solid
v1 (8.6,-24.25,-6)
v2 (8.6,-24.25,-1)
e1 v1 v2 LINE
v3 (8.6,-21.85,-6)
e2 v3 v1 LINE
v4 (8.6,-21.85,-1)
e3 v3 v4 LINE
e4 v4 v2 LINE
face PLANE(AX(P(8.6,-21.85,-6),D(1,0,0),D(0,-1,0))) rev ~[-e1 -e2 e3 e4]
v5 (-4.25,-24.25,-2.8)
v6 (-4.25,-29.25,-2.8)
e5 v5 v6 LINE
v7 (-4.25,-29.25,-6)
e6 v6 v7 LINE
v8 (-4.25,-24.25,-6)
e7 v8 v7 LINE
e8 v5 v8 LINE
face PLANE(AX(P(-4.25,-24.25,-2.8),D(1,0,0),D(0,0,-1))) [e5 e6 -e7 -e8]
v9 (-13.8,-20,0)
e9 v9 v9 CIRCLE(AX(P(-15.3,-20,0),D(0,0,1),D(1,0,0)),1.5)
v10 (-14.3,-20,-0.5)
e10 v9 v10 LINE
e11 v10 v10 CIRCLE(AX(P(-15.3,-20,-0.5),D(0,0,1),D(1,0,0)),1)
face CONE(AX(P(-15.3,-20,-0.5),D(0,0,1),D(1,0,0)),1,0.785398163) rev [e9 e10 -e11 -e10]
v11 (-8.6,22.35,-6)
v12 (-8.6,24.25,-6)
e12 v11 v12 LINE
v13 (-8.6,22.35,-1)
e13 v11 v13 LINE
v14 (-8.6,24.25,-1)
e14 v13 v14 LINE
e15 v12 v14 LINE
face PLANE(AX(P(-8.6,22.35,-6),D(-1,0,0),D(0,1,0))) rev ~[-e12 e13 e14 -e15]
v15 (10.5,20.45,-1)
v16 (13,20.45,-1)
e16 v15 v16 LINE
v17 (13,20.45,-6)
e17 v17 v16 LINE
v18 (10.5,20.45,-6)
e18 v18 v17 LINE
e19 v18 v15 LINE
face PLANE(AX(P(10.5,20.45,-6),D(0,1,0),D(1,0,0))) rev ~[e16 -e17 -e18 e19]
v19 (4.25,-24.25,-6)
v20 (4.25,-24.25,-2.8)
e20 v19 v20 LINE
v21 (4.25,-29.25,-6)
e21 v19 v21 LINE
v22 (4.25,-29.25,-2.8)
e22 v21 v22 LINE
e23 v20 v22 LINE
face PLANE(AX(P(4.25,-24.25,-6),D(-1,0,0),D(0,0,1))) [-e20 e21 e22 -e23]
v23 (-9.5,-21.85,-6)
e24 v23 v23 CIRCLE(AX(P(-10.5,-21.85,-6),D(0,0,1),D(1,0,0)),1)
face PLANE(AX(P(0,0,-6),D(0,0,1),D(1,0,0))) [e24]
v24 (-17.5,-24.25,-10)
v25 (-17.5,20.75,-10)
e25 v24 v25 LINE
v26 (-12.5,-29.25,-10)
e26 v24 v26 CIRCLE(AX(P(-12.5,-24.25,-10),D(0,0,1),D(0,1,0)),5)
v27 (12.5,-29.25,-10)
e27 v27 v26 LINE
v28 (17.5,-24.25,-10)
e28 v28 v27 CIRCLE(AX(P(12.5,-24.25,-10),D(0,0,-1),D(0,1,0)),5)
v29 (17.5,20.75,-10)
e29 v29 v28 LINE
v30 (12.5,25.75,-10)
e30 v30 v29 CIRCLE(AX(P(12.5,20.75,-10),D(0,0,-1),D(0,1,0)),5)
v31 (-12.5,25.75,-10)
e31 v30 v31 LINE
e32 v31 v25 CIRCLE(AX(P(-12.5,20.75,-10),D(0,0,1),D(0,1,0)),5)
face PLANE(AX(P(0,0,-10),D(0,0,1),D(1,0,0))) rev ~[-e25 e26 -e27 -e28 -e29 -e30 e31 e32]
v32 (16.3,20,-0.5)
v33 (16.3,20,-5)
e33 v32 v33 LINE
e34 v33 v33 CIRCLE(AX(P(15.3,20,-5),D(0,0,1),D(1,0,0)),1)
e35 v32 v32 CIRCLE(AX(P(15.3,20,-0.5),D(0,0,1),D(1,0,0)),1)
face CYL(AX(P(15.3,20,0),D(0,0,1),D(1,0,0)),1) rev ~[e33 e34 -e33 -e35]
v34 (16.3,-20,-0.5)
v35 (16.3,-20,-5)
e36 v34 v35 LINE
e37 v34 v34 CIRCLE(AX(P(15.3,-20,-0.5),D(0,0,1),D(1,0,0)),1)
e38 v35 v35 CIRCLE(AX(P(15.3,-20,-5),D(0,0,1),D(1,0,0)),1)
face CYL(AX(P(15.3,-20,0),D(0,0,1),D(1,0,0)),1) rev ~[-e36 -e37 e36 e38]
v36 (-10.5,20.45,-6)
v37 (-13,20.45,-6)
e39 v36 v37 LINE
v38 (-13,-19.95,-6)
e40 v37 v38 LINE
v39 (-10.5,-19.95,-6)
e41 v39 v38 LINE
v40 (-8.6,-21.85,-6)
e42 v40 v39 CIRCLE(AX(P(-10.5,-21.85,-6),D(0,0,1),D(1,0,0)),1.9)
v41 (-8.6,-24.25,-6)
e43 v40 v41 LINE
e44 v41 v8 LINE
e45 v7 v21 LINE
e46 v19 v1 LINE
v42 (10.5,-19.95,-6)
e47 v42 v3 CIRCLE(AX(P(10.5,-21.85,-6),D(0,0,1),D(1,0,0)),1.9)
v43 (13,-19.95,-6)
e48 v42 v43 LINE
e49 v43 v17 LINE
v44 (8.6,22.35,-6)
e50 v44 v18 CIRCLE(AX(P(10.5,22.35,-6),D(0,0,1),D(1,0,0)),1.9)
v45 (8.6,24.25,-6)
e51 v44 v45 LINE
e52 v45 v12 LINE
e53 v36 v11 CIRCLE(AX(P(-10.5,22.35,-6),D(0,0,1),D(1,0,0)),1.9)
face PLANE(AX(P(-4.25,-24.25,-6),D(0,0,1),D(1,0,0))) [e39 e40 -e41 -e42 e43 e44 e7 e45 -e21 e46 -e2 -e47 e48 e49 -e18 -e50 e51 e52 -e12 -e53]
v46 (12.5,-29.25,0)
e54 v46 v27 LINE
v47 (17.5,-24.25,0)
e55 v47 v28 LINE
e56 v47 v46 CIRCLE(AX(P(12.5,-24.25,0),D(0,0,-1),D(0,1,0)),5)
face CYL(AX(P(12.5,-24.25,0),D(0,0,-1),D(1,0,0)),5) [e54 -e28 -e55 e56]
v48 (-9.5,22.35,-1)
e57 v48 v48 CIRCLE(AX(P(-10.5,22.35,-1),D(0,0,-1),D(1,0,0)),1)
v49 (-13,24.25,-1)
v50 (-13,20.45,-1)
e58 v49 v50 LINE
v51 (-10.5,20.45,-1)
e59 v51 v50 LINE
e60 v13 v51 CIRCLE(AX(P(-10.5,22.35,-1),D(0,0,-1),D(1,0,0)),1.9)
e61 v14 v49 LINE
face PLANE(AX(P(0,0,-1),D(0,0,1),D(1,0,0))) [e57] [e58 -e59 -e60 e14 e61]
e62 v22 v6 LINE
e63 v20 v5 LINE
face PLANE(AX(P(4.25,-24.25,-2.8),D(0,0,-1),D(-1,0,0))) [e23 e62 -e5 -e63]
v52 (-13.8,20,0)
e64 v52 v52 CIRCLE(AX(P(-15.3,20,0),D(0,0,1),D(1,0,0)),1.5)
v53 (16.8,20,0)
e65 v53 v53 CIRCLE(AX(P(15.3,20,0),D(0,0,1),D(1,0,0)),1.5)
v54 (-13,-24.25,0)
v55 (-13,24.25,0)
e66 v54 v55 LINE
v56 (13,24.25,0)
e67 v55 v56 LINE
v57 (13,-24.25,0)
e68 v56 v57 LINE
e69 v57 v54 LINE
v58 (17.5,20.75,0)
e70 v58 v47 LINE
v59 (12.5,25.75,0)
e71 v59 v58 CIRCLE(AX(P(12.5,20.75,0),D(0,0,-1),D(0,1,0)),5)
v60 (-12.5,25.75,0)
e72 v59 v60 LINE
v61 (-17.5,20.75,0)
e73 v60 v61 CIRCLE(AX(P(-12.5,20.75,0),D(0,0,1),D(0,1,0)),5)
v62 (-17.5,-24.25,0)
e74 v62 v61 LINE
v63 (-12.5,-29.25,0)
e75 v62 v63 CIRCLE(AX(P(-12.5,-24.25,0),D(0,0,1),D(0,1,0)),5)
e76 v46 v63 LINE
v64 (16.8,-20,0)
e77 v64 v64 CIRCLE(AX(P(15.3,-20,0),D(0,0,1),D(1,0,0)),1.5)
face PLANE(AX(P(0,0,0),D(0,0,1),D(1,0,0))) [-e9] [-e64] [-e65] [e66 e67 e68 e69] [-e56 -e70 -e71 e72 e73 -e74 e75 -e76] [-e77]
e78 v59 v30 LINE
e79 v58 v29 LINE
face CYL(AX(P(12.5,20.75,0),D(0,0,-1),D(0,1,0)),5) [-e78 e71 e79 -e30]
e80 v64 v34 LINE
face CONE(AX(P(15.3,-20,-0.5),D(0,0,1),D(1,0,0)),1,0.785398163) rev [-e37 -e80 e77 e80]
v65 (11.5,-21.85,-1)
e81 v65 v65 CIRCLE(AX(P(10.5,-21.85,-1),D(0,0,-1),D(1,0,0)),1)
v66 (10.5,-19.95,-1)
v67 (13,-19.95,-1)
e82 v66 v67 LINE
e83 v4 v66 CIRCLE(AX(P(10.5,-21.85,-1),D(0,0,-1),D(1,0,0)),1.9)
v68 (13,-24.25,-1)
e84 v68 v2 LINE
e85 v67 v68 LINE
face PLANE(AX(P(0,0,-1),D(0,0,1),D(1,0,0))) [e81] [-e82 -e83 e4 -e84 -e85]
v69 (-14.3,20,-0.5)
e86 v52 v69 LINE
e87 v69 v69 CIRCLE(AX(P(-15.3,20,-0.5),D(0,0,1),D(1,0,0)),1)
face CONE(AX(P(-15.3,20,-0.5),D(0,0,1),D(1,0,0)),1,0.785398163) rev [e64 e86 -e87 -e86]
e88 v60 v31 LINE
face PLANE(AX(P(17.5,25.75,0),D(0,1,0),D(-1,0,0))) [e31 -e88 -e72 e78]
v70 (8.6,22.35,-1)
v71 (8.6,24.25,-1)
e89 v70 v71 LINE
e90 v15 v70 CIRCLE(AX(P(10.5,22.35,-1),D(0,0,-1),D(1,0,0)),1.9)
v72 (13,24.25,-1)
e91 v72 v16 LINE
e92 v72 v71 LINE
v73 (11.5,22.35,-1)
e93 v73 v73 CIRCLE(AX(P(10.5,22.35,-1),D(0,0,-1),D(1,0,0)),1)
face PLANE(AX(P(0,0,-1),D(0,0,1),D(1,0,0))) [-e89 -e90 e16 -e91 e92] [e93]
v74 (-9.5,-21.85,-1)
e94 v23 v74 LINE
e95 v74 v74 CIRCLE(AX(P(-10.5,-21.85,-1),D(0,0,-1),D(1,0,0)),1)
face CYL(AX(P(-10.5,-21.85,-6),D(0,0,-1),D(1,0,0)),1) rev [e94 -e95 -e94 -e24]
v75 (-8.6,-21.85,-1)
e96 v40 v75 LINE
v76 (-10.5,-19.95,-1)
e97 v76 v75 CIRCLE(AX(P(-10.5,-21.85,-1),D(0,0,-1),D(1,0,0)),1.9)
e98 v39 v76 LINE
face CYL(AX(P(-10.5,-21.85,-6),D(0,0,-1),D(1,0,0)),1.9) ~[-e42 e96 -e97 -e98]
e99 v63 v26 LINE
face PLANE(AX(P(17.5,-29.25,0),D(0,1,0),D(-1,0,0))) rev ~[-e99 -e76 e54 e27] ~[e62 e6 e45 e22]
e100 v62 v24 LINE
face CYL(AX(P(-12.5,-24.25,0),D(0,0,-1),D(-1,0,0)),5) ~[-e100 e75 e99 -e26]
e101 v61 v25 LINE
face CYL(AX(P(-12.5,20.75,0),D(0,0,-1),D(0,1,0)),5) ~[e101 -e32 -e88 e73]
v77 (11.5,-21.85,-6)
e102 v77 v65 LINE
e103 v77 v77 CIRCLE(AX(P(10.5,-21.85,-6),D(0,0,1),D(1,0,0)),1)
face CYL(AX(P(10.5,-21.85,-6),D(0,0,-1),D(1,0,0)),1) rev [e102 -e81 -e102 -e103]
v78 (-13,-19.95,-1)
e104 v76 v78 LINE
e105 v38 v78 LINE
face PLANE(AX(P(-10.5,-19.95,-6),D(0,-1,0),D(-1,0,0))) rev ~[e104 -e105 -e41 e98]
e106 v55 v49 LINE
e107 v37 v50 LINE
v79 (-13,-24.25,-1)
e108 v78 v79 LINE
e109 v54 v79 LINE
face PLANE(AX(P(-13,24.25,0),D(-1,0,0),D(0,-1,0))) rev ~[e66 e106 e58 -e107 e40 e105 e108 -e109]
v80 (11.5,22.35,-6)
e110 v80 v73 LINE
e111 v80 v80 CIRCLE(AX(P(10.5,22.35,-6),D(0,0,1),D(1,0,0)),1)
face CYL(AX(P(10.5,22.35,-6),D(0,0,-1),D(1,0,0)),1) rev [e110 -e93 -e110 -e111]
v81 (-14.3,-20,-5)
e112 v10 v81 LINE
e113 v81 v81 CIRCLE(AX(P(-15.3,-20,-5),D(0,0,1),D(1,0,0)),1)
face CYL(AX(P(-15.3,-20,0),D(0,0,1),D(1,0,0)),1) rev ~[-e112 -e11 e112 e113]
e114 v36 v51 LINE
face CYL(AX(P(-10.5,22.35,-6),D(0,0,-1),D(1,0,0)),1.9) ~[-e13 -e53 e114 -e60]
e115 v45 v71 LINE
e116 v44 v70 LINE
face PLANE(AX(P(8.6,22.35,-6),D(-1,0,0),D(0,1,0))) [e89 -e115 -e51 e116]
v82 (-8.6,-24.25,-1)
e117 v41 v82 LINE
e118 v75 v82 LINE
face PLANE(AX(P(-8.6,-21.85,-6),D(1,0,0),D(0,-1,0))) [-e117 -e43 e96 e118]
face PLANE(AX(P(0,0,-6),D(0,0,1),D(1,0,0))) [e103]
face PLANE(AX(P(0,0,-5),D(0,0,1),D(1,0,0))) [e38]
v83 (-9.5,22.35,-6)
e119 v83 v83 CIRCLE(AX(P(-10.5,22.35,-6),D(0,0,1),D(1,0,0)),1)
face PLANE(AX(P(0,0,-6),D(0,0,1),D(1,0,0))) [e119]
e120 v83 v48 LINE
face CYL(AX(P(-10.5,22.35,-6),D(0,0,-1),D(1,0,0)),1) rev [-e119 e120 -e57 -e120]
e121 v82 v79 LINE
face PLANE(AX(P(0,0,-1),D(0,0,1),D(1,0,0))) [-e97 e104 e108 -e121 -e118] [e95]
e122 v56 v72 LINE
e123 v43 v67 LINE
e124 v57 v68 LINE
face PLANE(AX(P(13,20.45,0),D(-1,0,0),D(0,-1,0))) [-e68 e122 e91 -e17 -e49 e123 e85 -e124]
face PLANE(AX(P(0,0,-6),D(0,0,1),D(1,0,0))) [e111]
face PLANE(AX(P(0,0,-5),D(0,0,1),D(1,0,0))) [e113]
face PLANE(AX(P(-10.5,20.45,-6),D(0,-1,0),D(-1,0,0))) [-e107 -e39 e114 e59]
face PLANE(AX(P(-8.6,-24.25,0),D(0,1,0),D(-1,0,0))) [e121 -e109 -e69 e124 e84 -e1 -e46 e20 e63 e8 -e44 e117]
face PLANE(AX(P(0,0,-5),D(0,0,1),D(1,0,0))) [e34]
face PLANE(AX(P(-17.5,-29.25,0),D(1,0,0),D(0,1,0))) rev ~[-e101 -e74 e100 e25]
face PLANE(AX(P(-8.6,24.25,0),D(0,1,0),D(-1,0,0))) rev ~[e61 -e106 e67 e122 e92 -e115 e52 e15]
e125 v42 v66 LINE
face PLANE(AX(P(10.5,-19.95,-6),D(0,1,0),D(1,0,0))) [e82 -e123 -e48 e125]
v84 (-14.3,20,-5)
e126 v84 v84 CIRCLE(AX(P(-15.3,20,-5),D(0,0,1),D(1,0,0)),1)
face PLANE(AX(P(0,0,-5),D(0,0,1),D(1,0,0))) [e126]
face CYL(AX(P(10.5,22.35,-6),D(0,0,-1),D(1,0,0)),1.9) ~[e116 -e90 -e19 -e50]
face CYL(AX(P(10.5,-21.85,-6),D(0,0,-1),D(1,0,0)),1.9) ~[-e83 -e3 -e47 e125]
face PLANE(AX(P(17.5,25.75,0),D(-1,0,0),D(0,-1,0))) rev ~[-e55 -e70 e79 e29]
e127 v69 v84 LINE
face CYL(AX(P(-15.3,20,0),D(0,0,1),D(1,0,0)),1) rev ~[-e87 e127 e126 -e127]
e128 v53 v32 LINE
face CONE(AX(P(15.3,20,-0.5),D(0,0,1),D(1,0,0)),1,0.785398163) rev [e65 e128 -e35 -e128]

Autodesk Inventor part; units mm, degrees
ref_plane "YZ Plane" through (0, 0, 0) normal (1, 0, 0) x (0, 1, 0)
ref_plane "XZ Plane" through (0, 0, 0) normal (0, 1, 0) x (-1, 0, 0)
ref_plane "XY Plane" through (0, 0, 0) normal (0, 0, 1) x (1, 0, 0)
sketch "스케치1" plane through (0, 0, 0) normal (0, 0, 1) x (1, 0, 0)
  line L0 (-17.5, 29.25) -> (17.5, 29.25)
  line L1 (17.5, 29.25) -> (17.5, -29.25)
  line L2 (17.5, -29.25) -> (-17.5, -29.25)
  line L3 (-17.5, -29.25) -> (-17.5, 29.25)
  line L4 (-17.5, 29.25) -> (17.5, -29.25) construction
  line L5 (17.5, 29.25) -> (-17.5, -29.25) construction
  line L6 (-13, -24.25) -> (13, -24.25)
  line L7 (13, -24.25) -> (13, 24.25)
  line L8 (13, 24.25) -> (-13, 24.25)
  line L9 (-13, 24.25) -> (-13, -24.25)
  line L10 (-13, -24.25) -> (13, 24.25) construction
  line L11 (13, -24.25) -> (-13, 24.25) construction
  line L12 (-9.5, 24.25) -> (9.5, 24.25)
  line L13 (9.5, 24.25) -> (9.5, -24.25)
  line L14 (9.5, -24.25) -> (-9.5, -24.25)
  line L15 (-9.5, -24.25) -> (-9.5, 24.25)
  line L16 (-9.5, 24.25) -> (9.5, -24.25) construction
  line L17 (9.5, 24.25) -> (-9.5, -24.25) construction
  line L18 (17.5, 25.75) -> (-17.5, 25.75)
  point P0 (0, 0)
  dimension "d0" = 58.5
  dimension "d1" = 35
  dimension "d2" = 26
  dimension "d3" = 48.5
  dimension "d4" = 3.5
  dimension "d10" = 1.5
extrude "돌출1" add sketch "스케치1" against normal blind 10 contours L18 L1 L2 L3 | L9 L8 L15 L6 | L15 L8 L13 L6 | L13 L8 L7 L6
extrude "돌출3" cut sketch "스케치1" against normal blind 6 contours L9 L8 L15 L6 | L15 L8 L13 L6 | L13 L8 L7 L6
sketch "스케치2" plane through (0, 0, -6) normal (0, 0, 1) x (1, 0, 0)
  circle A0 centre (10.5, 22.35) radius 1
  line L0 (10.5, 22.35) -> (-10.5, 22.35) construction
  line L1 (-13, 24.25) -> (13, 24.25) construction
  line L2 (0, 0) -> (0, 7.5455)
  circle A1 centre (-10.5, 22.35) radius 1
  line L3 (-13, 24.25) -> (13, 24.25) projected
  line L4 (0, 24.25) -> (0, -23.75) construction
  line L5 (0, 0.25) -> (5.5908, 0.25)
  circle A2 centre (10.5, -21.85) radius 1
  circle A3 centre (-10.5, -21.85) radius 1
  circle A4 centre (-10.5, 22.35) radius 1.9
  circle A5 centre (10.5, 22.35) radius 1.9
  circle A6 centre (10.5, -21.85) radius 1.9
  circle A7 centre (-10.5, -21.85) radius 1.9
  line L6 (-8.6, -21.85) -> (-8.6, -24.25)
  line L7 (13, -24.25) -> (-13, -24.25) projected
  line L8 (-10.5, -19.95) -> (-13, -19.95)
  line L9 (-13, -24.25) -> (-13, 24.25) projected
  line L10 (13, 24.25) -> (13, -24.25) projected
  line L11 (10.5, -19.95) -> (13, -19.95)
  line L12 (8.6, -21.85) -> (8.6, -24.25)
  line L13 (-8.6, 22.35) -> (-8.6, 24.75)
  line L14 (-10.5, 20.45) -> (-13, 20.45)
  line L15 (10.5, 20.45) -> (13, 20.45)
  line L16 (8.6, 22.35) -> (8.6, 24.75)
  point P0 (0, 22.35)
  point P1 (8.6, 24.25)
  point P2 (-8.6, 24.25)
  dimension "d13" = 2
  dimension "d14" = 21
  dimension "d15" = 1.9
  dimension "d16" = 48
  dimension "d17" = 3.8
  dimension "d18" = 3.8
extrude "돌출4" add sketch "스케치2" along normal blind 6 contours L3 A4 L14 L9 | L3 L13 A4 | A4 | L8 A7 L6 L7 L9 | L3 A5 L16 | A7 | L3 L10 L15 A5 | A5 | L12 A6 L11 L10 L7 | A6
sketch "스케치3" plane through (0, 0, 0) normal (0, 0, 1) x (1, 0, 0)
  line L0 (-8.6, 24.25) -> (8.6, 24.25) projected
  line L1 (-8.6, 24.25) -> (-13, 24.25)
  line L2 (-13, 24.25) -> (13, 24.25)
  line L3 (13, 24.25) -> (13, -24.25)
  line L4 (13, -24.25) -> (-13, -24.25)
  line L5 (-13, -24.25) -> (-13, 24.25)
  circle A0 centre (-10.5, -21.85) radius 1 projected
  circle A1 centre (10.5, 22.35) radius 1 projected
  circle A2 centre (10.5, -21.85) radius 1 projected
  circle A3 centre (-10.5, 22.35) radius 1 projected
  line L6 (-13, -19.95) -> (-13, 20.45) projected
  line L7 (-13, 20.45) -> (-10.5, 20.45) projected
  arc A4 (-10.5, 20.45) -> (-8.6, 22.35) centre (-10.5, 22.35) ccw projected
  line L8 (-8.6, 22.35) -> (-8.6, 24.25) projected
  line L9 (-8.6, 24.25) -> (8.6, 24.25) projected
  line L10 (8.6, 24.25) -> (8.6, 22.35) projected
  arc A5 (8.6, 22.35) -> (10.5, 20.45) centre (10.5, 22.35) ccw projected
  line L11 (10.5, 20.45) -> (13, 20.45) projected
  line L12 (13, 20.45) -> (13, -19.95) projected
  line L13 (13, -19.95) -> (10.5, -19.95) projected
  arc A6 (10.5, -19.95) -> (8.6, -21.85) centre (10.5, -21.85) ccw projected
  line L14 (8.6, -21.85) -> (8.6, -24.25) projected
  line L15 (8.6, -24.25) -> (-8.6, -24.25) projected
  line L16 (-8.6, -24.25) -> (-8.6, -21.85) projected
  arc A7 (-8.6, -21.85) -> (-10.5, -19.95) centre (-10.5, -21.85) ccw projected
  line L17 (-10.5, -19.95) -> (-13, -19.95) projected
  line L18 (17.5, -29.25) -> (17.5, 25.75) projected
  line L19 (17.5, 25.75) -> (-17.5, 25.75) projected
  line L20 (-17.5, 25.75) -> (-17.5, -29.25) projected
  line L21 (-17.5, -29.25) -> (17.5, -29.25) projected
  point P0 (0, 0)
  dimension "d21" = 26
  dimension "d22" = 48.5
extrude "돌출5" cut sketch "스케치3" against normal blind 1 contours L8 A4 L7 L5 L1 | L0 L10 A5 L11 L3 L13 A6 L14 L4 L16 A7 L17 L5 L7 A4 L8 | L2 L3 L11 A5 L10 | L17 A7 L16 L4 L5 | L3 L4 L14 A6 L13 | A0 | A1 | A2 | A3
sketch "스케치4" plane through (-13, -24.25, 0) normal (0, 1, 0) x (1, 0, 0)
  line L0 (8.75, 9.2) -> (17.25, 9.2)
  line L1 (17.25, 9.2) -> (17.25, 2.8)
  line L2 (17.25, 2.8) -> (8.75, 2.8)
  line L3 (8.75, 2.8) -> (8.75, 9.2)
  line L4 (4.4, 6) -> (21.6, 6) projected
  line L5 (8.75, 9.2) -> (17.25, 2.8) construction
  line L6 (17.25, 9.2) -> (8.75, 2.8) construction
  point P0 (13, 0)
  point P1 (13, 6)
  point P2 (17.25, 6)
  point P3 (8.75, 6)
  dimension "d25" = 8.5
  dimension "d26" = 6.4
extrude "돌출6" cut sketch "스케치4" against normal blind 5 contours L4 L1 L2 L3
fillet "모깎기2" radius 5 4 edges at (17.5, -29.25, -5) (-17.5, -29.25, -5) (17.5, 25.75, -5) (-17.5, 25.75, -5)
sketch "스케치5" plane through (0, 0, 0) normal (0, 0, 1) x (1, 0, 0)
  circle A0 centre (15.3, -20) radius 1
  line L0 (0, 0) -> (0, -10.3102)
  circle A1 centre (-15.3, -20) radius 1
  line L1 (0, 0) -> (6.1886, 0)
  circle A2 centre (15.3, 20) radius 1
  circle A3 centre (-15.3, 20) radius 1
  dimension "d30" = 2
  dimension "d31" = 20
  dimension "d32" = 15.3
extrude "돌출7" cut sketch "스케치5" against normal blind 5
chamfer "모따기1" distance 0.5 angle 45 4 edges at (-16.3, 20, 0) (14.3, 20, 0) (14.3, -20, 0) (-16.3, -20, 0)
properties part number "하우징"
